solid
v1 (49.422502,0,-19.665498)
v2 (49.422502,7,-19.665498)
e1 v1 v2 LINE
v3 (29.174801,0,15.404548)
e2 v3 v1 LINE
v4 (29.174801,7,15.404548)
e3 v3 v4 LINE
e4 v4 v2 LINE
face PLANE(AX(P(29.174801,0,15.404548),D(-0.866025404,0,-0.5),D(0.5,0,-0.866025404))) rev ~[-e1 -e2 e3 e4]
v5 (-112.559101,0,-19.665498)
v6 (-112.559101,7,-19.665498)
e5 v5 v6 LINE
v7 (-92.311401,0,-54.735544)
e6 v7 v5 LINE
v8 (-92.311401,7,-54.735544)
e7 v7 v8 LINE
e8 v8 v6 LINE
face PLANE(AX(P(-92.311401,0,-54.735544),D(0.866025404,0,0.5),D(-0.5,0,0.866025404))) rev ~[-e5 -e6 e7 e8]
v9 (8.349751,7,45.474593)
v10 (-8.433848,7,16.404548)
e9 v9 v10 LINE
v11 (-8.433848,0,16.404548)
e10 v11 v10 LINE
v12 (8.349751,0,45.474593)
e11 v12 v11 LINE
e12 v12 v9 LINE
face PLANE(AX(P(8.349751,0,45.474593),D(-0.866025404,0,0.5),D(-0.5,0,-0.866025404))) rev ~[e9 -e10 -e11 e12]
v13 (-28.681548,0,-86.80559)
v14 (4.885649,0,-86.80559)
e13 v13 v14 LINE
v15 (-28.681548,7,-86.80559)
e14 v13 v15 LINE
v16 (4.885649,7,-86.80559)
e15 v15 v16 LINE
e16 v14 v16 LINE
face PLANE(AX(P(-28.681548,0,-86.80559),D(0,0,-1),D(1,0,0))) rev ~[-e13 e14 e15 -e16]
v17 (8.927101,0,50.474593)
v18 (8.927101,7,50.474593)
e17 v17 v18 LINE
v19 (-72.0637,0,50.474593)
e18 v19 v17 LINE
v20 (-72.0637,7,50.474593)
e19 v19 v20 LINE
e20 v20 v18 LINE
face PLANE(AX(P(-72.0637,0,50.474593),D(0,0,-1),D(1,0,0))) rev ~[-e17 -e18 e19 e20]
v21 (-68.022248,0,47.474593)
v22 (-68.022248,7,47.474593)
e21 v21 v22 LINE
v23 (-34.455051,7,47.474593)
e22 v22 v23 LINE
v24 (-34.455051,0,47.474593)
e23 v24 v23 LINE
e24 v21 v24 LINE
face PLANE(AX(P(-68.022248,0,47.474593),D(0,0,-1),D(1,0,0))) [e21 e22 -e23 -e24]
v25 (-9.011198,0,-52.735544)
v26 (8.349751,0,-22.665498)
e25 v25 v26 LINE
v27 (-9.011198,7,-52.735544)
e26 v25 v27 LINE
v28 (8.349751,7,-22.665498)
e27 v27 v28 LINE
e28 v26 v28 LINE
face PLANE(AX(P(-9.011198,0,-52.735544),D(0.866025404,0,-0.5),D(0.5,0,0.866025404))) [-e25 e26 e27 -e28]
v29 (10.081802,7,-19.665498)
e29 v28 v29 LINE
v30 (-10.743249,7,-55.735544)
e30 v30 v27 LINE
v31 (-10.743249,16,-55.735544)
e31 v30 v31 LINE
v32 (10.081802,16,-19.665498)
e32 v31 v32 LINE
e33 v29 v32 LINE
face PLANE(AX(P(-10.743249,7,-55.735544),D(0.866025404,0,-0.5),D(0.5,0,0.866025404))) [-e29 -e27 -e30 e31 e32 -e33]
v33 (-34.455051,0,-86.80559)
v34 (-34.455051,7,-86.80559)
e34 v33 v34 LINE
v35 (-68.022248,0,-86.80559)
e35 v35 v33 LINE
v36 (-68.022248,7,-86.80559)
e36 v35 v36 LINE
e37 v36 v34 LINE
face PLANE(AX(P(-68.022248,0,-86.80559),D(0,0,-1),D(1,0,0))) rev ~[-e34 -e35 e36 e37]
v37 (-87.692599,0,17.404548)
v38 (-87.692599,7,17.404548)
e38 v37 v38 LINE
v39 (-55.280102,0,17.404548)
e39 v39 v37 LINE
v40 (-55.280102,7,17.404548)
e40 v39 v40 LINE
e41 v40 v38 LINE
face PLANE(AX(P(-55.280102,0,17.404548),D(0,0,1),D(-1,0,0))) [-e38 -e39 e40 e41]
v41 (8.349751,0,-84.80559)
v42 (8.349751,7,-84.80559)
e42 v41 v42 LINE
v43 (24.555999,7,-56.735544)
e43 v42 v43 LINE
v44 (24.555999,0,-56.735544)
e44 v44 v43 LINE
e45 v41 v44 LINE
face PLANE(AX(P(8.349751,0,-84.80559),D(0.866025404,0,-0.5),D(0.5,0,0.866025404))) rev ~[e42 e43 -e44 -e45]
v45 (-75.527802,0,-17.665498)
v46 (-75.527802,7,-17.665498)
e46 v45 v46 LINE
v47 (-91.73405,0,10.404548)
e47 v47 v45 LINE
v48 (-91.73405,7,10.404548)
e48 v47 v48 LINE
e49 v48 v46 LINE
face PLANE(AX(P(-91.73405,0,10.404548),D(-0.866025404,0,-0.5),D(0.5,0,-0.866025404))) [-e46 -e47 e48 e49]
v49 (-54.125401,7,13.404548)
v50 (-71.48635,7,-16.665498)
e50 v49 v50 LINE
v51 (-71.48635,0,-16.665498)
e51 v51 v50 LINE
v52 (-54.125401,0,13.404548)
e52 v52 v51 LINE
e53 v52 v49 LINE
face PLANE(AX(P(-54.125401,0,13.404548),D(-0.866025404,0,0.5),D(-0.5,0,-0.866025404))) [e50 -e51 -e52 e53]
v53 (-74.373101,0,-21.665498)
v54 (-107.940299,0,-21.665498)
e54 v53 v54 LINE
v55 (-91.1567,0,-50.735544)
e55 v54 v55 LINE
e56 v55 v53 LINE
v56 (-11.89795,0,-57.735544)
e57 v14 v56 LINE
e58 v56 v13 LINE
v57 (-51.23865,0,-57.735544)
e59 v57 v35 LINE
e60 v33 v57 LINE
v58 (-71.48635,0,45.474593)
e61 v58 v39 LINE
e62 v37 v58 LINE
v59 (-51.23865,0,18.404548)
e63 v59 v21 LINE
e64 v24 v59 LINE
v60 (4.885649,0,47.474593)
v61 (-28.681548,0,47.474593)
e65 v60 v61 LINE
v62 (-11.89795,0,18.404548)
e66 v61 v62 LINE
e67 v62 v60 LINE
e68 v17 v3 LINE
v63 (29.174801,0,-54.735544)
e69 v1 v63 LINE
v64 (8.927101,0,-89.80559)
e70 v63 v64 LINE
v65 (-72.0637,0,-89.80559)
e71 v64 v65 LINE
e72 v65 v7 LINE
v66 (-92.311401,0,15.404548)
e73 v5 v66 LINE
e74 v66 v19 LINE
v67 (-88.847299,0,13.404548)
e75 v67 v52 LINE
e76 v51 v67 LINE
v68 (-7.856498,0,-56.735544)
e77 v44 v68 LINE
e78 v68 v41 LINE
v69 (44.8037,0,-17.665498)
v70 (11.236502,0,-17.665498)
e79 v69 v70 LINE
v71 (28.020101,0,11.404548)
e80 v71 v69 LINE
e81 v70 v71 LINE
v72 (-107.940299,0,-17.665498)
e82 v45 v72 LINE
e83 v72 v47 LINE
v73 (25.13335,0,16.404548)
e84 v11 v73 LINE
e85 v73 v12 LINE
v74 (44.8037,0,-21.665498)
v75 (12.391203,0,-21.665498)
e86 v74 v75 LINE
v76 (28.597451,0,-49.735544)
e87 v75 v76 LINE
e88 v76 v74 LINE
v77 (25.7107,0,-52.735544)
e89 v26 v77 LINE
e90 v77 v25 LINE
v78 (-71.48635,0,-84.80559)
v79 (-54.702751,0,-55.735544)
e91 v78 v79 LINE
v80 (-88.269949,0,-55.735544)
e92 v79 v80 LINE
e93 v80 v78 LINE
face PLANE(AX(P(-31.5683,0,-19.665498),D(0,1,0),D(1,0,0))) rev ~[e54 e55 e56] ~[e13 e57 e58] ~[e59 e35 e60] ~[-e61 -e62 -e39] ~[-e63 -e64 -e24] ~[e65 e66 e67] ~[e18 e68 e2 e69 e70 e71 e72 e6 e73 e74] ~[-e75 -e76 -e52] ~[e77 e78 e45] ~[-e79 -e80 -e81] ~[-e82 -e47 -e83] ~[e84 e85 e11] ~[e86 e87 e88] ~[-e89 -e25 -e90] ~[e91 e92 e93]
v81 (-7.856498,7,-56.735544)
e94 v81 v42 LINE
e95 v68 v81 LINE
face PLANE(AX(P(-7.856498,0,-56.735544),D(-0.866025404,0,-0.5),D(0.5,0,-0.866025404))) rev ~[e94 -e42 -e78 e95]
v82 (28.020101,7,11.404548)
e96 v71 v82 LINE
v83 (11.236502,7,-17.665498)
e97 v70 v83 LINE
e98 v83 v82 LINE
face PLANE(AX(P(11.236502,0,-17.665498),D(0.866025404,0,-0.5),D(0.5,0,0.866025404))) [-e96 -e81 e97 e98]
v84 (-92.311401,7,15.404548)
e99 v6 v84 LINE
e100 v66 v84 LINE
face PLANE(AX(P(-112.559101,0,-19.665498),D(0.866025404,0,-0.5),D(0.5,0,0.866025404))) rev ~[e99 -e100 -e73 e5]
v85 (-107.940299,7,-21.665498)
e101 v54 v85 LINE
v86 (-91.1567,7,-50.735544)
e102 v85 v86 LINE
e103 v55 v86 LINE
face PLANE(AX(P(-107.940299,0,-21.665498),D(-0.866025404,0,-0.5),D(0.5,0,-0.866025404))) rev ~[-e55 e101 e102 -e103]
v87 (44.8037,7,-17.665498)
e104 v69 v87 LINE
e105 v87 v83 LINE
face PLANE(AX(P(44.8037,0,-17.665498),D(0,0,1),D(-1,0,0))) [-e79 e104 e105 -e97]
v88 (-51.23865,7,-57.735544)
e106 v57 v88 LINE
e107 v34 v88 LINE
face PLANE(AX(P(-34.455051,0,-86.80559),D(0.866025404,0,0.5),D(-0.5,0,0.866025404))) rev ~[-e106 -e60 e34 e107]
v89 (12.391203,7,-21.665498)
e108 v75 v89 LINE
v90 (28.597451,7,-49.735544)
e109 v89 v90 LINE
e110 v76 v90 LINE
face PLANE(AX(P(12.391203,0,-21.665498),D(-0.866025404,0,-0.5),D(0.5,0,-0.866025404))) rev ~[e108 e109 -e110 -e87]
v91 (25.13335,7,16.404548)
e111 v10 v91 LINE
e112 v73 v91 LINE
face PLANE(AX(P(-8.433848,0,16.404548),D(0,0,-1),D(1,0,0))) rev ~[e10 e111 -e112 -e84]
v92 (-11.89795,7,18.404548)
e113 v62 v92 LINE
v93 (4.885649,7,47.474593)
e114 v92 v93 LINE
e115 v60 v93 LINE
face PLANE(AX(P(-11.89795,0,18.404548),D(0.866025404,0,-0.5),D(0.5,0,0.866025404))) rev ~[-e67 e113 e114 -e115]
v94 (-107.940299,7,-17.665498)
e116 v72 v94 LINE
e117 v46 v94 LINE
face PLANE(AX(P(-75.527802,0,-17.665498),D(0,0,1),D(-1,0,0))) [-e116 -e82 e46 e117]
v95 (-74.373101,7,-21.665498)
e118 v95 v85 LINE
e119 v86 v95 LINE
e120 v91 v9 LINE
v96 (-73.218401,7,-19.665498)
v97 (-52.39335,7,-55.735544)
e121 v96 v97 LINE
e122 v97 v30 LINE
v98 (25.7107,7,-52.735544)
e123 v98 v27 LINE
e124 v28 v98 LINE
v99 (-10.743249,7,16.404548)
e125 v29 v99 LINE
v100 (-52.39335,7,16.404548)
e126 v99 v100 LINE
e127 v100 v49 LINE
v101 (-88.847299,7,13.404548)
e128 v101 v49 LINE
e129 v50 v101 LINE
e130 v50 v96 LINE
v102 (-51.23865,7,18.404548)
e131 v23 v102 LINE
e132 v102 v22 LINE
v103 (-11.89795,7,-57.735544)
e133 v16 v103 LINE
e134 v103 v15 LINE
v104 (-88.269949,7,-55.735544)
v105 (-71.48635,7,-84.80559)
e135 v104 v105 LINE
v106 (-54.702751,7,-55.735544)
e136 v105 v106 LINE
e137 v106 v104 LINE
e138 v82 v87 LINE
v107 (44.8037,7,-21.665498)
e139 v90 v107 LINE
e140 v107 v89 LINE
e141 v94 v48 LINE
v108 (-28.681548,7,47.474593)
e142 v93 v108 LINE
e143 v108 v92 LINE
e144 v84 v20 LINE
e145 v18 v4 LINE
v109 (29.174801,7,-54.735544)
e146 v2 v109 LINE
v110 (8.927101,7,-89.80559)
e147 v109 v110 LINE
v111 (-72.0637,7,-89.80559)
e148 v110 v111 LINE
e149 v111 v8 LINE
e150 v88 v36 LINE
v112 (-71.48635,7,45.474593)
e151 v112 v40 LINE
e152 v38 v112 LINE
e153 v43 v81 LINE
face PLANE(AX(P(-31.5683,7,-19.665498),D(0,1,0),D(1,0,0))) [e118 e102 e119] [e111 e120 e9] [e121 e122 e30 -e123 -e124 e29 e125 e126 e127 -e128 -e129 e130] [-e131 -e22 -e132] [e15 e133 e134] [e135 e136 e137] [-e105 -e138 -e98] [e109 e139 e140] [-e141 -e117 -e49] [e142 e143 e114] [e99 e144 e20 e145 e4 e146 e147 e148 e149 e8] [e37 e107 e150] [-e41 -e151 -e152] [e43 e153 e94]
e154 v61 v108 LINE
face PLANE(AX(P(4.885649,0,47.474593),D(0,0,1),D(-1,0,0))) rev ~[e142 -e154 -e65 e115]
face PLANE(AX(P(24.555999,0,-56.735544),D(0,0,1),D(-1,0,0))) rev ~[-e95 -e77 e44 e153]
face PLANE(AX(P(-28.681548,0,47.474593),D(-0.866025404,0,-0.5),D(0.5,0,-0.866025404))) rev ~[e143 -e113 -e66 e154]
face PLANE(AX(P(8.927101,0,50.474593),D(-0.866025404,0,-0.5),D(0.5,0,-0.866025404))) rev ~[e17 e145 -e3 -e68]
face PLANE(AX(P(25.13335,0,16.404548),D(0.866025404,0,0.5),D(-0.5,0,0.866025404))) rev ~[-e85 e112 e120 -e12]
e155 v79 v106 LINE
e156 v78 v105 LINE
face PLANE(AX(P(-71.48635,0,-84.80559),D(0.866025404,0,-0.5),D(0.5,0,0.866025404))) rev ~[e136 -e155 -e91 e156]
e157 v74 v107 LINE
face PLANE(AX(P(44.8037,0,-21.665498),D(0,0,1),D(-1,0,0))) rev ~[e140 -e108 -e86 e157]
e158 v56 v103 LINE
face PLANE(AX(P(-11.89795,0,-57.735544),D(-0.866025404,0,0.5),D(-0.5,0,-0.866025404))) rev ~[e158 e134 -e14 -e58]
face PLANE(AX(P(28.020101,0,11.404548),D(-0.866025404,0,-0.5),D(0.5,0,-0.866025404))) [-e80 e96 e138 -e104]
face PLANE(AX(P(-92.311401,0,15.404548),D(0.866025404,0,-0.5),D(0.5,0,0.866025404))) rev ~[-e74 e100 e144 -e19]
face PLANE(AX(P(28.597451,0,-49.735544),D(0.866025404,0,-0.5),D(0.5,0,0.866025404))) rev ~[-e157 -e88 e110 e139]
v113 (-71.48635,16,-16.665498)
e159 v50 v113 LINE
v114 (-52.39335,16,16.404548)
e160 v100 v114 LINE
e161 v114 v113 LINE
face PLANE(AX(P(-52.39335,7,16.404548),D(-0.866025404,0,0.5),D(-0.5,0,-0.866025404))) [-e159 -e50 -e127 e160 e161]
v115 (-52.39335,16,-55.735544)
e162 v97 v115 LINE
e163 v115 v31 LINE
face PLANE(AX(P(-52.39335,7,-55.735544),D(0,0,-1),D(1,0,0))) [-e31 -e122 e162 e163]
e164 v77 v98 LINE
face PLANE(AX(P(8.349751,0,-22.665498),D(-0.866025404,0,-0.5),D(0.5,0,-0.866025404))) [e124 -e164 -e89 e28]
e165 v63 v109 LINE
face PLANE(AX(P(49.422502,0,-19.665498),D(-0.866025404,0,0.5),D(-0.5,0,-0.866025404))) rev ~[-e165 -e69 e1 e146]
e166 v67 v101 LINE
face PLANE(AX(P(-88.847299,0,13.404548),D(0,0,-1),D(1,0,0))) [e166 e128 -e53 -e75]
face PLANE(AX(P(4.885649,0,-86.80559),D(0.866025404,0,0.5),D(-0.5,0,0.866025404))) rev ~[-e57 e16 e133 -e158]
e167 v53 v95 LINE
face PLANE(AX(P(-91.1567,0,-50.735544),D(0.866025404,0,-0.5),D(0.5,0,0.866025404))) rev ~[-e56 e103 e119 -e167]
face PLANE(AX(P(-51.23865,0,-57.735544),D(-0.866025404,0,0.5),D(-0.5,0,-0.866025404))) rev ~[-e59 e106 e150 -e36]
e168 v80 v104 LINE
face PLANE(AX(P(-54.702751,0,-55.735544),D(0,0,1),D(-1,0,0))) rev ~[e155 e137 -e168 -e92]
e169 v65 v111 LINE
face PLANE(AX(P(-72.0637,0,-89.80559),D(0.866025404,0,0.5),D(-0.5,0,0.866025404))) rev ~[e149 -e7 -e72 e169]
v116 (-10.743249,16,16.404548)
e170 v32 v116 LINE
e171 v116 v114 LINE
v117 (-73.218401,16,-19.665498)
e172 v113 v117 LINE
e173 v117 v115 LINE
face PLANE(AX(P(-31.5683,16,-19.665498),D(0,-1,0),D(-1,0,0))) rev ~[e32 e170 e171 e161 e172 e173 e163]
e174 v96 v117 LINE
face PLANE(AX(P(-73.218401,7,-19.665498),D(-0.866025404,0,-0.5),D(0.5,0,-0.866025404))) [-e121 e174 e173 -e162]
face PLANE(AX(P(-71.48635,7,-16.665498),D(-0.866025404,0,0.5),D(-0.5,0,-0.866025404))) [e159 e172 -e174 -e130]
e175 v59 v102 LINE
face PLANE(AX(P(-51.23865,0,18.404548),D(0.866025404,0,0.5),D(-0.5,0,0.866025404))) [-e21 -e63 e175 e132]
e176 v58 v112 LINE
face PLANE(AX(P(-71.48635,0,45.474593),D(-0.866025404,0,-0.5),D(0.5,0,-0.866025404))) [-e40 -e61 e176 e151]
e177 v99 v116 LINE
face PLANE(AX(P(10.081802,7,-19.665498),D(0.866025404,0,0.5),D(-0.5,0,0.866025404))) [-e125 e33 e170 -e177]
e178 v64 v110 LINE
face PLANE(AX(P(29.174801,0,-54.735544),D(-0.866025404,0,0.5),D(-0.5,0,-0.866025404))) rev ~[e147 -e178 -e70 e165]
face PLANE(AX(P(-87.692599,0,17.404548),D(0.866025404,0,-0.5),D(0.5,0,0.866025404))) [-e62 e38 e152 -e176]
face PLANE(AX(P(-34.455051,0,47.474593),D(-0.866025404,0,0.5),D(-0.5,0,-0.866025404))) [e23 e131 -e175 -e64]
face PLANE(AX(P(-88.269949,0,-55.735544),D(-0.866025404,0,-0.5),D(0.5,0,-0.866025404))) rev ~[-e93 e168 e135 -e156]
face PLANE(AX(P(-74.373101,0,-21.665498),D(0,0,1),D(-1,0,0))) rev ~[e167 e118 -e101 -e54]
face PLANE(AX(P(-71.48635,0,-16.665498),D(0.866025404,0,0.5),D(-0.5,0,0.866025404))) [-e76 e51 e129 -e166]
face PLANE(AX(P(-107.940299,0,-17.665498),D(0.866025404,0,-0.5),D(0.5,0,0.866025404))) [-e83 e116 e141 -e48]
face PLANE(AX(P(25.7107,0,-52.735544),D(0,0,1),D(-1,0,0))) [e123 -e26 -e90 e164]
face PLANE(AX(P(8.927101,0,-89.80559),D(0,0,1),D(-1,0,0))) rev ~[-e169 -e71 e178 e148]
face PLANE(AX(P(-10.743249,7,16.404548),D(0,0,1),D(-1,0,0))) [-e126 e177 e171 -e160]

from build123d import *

# Parameters (mm, degrees)
EXTRUDE_1_DEPTH = 7
EXTRUDE_2_DEPTH = 9


with BuildPart() as part:
    # 草图1 → 凸台-拉伸1 (new body)
    with BuildSketch(Plane(origin=(0, 0, 0), x_dir=(1, 0, 0), z_dir=(0, 1, 0))):
        Polygon((-112.559101124, 19.665498127), (-92.311400749, -15.404547658), (-72.063700375, -50.474593443), (-31.568299625, -50.474593443), (8.927101124, -50.474593443), (29.174801498, -15.404547658), (49.422501873, 19.665498127), (29.174801498, 54.735543912), (8.927101124, 89.805589698), (-31.568299625, 89.805589698), (-72.063700375, 89.805589698), (-92.311400749, 54.735543912), align=None)
        Polygon((-68.02224849, 86.805589698), (-34.455050971, 86.805589698), (-51.23864973, 57.735543912), align=None, mode=Mode.SUBTRACT)
        Polygon((8.349750855, 84.805589697), (24.555999345, 56.735543912), (-7.856497635, 56.735543912), align=None, mode=Mode.SUBTRACT)
        Polygon((-9.011198174, 52.735543912), (8.349750855, 22.665498127), (25.710699883, 52.735543912), align=None, mode=Mode.SUBTRACT)
        Polygon((28.597451229, 49.735543912), (44.803699719, 21.665498127), (12.39120274, 21.665498127), align=None, mode=Mode.SUBTRACT)
        Polygon((11.2365022, 17.665498127), (28.02010096, -11.404547658), (44.803699719, 17.665498127), align=None, mode=Mode.SUBTRACT)
        Polygon((-8.433847905, -16.404547658), (25.133349614, -16.404547658), (8.349750854, -45.474593443), align=None, mode=Mode.SUBTRACT)
        Polygon((-11.89794952, -18.404547658), (4.885649239, -47.474593443), (-28.68154828, -47.474593443), align=None, mode=Mode.SUBTRACT)
        Polygon((-28.681548279, 86.805589698), (4.885649241, 86.805589698), (-11.897949519, 57.735543911), align=None, mode=Mode.SUBTRACT)
        Polygon((-88.269948864, 55.735543912), (-71.486350105, 84.805589697), (-54.702751346, 55.735543912), align=None, mode=Mode.SUBTRACT)
        Polygon((-107.940298969, 21.665498127), (-91.15670021, 50.735543912), (-74.373101451, 21.665498127), align=None, mode=Mode.SUBTRACT)
        Polygon((-75.52780199, 17.665498127), (-107.94029897, 17.665498127), (-91.73405048, -10.404547658), align=None, mode=Mode.SUBTRACT)
        Polygon((-88.847299134, -13.404547658), (-54.125401077, -13.404547658), (-71.486350105, 16.665498127), align=None, mode=Mode.SUBTRACT)
        Polygon((-68.02224849, -47.474593443), (-34.455050971, -47.474593443), (-51.238649731, -18.404547658), align=None, mode=Mode.SUBTRACT)
        Polygon((-87.692598596, -17.404547658), (-71.486350105, -45.474593443), (-55.280101615, -17.404547658), align=None, mode=Mode.SUBTRACT)
    extrude(amount=EXTRUDE_1_DEPTH)

    # 草图2 → 凸台-拉伸2 (add)
    with BuildSketch(Plane(origin=(0, 7, 0), x_dir=(1, 0, 0), z_dir=(0, 1, 0))):
        Polygon((-71.486350105, 16.665498127), (-73.218400913, 19.665498127), (-52.393350269, 55.735543912), (-10.743248982, 55.735543912), (10.081801662, 19.665498127), (-10.743248982, -16.404547658), (-52.393350269, -16.404547658), align=None)
    extrude(amount=EXTRUDE_2_DEPTH)


solid = part.part
